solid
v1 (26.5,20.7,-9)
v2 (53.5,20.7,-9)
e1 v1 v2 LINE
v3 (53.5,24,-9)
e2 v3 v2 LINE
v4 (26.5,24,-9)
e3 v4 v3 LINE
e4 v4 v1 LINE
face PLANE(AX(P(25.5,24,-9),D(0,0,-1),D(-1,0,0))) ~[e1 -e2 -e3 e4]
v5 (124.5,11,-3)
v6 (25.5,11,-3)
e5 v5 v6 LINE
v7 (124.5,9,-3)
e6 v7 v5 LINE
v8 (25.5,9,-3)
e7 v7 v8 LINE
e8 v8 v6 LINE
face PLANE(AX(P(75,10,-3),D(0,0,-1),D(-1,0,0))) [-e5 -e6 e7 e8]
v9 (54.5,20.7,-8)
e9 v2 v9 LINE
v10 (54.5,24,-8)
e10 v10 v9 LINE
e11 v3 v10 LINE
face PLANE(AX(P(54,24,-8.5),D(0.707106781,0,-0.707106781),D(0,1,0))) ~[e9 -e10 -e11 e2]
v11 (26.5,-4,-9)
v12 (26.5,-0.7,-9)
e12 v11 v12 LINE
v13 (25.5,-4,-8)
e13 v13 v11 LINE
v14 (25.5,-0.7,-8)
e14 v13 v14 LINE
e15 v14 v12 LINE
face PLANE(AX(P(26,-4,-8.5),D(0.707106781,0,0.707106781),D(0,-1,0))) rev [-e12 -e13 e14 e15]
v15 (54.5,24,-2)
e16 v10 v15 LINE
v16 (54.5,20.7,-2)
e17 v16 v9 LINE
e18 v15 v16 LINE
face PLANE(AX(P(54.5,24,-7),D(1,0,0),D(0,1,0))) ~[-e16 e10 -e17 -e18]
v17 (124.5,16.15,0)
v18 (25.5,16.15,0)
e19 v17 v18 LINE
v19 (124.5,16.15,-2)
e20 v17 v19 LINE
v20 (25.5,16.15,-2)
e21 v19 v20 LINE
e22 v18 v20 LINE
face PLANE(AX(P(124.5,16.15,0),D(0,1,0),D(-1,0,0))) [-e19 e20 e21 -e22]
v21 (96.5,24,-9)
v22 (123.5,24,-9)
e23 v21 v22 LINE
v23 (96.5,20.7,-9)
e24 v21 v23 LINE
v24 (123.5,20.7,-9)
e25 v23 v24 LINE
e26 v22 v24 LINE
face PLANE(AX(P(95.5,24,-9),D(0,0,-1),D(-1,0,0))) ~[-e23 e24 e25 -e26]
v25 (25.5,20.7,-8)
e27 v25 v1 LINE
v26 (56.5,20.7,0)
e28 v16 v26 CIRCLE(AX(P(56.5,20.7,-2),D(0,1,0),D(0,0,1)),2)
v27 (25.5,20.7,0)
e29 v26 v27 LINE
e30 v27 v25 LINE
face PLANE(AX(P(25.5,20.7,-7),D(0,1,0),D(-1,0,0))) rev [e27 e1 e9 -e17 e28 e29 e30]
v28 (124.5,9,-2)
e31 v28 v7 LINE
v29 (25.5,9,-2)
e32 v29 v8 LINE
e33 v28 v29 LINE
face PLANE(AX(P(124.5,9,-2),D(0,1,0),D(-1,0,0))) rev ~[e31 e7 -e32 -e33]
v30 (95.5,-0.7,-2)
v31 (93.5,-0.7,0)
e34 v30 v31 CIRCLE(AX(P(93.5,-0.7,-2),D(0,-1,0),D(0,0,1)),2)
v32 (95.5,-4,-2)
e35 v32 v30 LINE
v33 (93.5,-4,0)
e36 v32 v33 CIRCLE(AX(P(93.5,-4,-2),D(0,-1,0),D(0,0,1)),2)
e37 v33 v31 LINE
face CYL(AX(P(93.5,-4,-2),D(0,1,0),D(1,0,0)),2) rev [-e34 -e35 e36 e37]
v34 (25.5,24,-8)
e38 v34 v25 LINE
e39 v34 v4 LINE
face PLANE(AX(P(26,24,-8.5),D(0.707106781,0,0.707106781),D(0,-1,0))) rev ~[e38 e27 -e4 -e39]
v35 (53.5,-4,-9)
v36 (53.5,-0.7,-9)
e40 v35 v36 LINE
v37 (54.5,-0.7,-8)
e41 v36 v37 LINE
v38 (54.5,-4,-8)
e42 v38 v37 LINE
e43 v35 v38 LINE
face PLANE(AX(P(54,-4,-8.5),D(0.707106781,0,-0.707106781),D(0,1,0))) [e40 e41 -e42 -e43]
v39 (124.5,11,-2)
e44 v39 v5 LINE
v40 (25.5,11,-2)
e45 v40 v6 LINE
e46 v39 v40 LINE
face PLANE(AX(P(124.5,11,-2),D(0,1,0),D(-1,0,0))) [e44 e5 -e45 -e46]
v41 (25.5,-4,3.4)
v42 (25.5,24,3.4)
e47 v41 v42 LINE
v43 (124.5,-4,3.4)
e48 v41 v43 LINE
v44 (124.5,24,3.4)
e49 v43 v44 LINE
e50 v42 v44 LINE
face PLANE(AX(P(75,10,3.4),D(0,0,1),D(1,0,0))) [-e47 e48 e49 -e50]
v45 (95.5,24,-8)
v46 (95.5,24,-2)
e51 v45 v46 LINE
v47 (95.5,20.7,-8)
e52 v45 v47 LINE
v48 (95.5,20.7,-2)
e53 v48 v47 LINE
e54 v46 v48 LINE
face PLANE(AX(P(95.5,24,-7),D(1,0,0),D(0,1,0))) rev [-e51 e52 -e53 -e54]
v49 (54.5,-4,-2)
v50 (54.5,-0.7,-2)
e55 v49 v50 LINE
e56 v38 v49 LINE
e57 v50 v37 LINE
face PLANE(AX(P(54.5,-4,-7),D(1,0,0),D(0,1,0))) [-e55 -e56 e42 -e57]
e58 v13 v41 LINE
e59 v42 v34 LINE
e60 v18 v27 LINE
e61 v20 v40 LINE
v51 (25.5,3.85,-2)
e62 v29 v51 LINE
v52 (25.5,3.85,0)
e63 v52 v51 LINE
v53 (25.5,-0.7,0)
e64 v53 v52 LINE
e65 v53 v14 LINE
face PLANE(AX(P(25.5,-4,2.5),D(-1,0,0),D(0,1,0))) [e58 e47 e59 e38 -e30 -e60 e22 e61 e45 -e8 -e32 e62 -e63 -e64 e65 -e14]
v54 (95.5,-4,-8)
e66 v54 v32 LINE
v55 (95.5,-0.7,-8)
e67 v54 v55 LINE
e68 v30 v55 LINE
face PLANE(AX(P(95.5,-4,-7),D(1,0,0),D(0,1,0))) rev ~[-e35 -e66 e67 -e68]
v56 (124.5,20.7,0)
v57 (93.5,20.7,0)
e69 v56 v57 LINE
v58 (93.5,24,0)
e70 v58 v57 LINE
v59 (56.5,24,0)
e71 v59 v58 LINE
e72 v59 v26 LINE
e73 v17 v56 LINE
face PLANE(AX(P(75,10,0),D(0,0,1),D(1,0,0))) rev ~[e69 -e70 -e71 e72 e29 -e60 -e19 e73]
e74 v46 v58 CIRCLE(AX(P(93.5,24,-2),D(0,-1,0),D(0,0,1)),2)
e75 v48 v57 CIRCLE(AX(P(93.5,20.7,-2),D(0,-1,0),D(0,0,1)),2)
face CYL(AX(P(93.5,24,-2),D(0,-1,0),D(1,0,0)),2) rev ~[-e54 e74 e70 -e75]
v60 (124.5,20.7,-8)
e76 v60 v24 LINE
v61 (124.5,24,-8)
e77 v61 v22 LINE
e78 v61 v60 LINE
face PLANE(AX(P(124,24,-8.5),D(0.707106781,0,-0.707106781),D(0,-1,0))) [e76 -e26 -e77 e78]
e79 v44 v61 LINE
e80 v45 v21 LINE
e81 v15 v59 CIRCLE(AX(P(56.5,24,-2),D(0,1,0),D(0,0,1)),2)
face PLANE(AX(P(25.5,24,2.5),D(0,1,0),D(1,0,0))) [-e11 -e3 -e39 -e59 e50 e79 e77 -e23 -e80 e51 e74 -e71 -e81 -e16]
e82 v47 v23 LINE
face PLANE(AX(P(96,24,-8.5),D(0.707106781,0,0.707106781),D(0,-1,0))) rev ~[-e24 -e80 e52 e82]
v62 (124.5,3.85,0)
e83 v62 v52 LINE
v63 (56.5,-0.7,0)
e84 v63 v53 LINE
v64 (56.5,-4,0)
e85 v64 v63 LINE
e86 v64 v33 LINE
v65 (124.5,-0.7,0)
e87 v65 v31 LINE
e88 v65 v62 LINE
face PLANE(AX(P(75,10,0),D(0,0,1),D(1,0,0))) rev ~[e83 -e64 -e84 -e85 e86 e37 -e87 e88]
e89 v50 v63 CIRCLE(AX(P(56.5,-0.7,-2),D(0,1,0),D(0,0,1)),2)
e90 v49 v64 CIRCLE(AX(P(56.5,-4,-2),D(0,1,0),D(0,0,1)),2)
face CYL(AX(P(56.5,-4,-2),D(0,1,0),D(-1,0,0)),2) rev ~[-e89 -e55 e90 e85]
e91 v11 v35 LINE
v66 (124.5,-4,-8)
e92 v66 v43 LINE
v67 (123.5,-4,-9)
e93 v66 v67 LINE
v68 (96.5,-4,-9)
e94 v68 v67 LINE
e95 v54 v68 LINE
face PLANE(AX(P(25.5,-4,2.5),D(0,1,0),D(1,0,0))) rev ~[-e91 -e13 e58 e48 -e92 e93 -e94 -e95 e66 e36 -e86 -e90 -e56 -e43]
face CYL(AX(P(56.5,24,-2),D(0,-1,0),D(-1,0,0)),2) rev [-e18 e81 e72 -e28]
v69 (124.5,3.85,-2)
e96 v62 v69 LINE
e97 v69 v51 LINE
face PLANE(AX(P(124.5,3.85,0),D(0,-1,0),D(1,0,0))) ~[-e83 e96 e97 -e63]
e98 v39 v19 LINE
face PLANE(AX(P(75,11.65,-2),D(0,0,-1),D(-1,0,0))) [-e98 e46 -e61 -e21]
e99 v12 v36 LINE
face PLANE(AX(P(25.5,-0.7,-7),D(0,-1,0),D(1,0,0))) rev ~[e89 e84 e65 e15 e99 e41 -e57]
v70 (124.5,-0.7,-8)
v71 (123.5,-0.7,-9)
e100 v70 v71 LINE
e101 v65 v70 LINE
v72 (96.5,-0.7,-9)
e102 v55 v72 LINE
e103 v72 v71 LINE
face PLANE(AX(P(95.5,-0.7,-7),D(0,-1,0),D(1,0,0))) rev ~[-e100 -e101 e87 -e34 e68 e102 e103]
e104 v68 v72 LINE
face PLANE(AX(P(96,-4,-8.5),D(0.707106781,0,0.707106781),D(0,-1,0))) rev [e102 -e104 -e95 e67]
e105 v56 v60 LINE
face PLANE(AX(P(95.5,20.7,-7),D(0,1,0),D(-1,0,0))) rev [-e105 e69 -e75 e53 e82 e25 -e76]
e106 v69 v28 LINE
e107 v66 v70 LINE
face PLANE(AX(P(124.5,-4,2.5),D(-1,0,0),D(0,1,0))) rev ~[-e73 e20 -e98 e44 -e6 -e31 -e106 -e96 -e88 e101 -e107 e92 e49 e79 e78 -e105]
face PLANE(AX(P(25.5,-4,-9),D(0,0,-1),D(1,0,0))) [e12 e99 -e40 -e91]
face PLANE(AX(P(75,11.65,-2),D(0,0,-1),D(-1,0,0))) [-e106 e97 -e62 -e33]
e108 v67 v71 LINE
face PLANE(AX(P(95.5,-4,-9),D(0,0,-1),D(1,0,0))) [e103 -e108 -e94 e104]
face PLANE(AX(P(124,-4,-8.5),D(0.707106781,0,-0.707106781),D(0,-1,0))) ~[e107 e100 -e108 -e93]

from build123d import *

# Parameters (mm, degrees)
SKETCH1_W           = 99
SKETCH1_H           = 28
BOSS_EXTRUDE1_DEPTH = 2.5
SKETCH2_W           = 29
SKETCH2_H           = 7
BOSS_EXTRUDE2_DEPTH = 3.3
FILLET1_R           = 2
SKETCH5_W           = 99
SKETCH5_H           = 9
BOSS_EXTRUDE3_DEPTH = 2
MOVE_FACE2_BY       = 2
MOVE_FACE2_2_BY     = 2
CHAMFER1_SIZE       = 1
SKETCH6_W           = 99
SKETCH6_H           = 2
BOSS_EXTRUDE4_DEPTH = 1
MOVE_FACE3_BY       = 0.9


with BuildPart() as part:
    # Sketch1 → Boss-Extrude1 (new body)
    with BuildSketch(Plane.XY):
        with Locations((75, 10)):
            Rectangle(SKETCH1_W, SKETCH1_H)
    extrude(amount=BOSS_EXTRUDE1_DEPTH)

    # Sketch2 → Boss-Extrude2 (add)
    with BuildSketch(Plane.XZ.offset(4)):
        with Locations((40, -3.5)):
            Rectangle(SKETCH2_W, SKETCH2_H)
        with Locations((110, -3.5)):
            Rectangle(SKETCH2_W, SKETCH2_H)
    extrude(amount=-BOSS_EXTRUDE2_DEPTH)

    # Fillet1
    fillet1_edges = [part.edges().sort_by_distance(p)[0] for p in [
        (54.5, -2.35, 0),
        (95.5, -2.35, 0),
    ]]
    fillet(fillet1_edges, radius=FILLET1_R)

    # Sketch5 → Boss-Extrude3 (add)
    with BuildSketch(Plane(origin=(0, 0, 0), x_dir=(-1, 0, 0), z_dir=(0, 0, -1))):
        with Locations((-75, 11.65)):
            Rectangle(SKETCH5_W, SKETCH5_H)
    extrude(amount=BOSS_EXTRUDE3_DEPTH)

    # Move Face2: a face moved outward by 2.0
    extrude(part.faces().sort_by_distance((40, -2.35, -7))[0], amount=MOVE_FACE2_BY, dir=(0, 0, -1))

    # Move Face2 2: a face moved outward by 2.0
    extrude(part.faces().sort_by_distance((110, -2.35, -7))[0], amount=MOVE_FACE2_2_BY, dir=(0, 0, -1))

    # Chamfer1
    chamfer1_edges = [part.edges().sort_by_distance(p)[0] for p in [
        (54.5, -2.35, -9),
        (25.5, -2.35, -9),
        (95.5, -2.35, -9),
        (124.5, -2.35, -9),
    ]]
    chamfer(chamfer1_edges, length=CHAMFER1_SIZE)

    # Mirror1: part across plane


with BuildPart() as part_1:
    add(part.part)
    add(part.part.mirror(Plane(origin=(0, 10, 0), x_dir=(0, 0, 1), z_dir=(0, -1, 0))))

    # Sketch6 → Boss-Extrude4 (add)
    with BuildSketch(Plane(origin=(0, 0, -2), x_dir=(-1, 0, 0), z_dir=(0, 0, -1))):
        with Locations((-75, 10)):
            Rectangle(SKETCH6_W, SKETCH6_H)
    extrude(amount=BOSS_EXTRUDE4_DEPTH)

    # Move Face3: a face moved outward by 0.9
    extrude(part_1.faces().sort_by_distance((75, 10, 2.5))[0], amount=MOVE_FACE3_BY, dir=(0, 0, 1))


solid = part_1.part
